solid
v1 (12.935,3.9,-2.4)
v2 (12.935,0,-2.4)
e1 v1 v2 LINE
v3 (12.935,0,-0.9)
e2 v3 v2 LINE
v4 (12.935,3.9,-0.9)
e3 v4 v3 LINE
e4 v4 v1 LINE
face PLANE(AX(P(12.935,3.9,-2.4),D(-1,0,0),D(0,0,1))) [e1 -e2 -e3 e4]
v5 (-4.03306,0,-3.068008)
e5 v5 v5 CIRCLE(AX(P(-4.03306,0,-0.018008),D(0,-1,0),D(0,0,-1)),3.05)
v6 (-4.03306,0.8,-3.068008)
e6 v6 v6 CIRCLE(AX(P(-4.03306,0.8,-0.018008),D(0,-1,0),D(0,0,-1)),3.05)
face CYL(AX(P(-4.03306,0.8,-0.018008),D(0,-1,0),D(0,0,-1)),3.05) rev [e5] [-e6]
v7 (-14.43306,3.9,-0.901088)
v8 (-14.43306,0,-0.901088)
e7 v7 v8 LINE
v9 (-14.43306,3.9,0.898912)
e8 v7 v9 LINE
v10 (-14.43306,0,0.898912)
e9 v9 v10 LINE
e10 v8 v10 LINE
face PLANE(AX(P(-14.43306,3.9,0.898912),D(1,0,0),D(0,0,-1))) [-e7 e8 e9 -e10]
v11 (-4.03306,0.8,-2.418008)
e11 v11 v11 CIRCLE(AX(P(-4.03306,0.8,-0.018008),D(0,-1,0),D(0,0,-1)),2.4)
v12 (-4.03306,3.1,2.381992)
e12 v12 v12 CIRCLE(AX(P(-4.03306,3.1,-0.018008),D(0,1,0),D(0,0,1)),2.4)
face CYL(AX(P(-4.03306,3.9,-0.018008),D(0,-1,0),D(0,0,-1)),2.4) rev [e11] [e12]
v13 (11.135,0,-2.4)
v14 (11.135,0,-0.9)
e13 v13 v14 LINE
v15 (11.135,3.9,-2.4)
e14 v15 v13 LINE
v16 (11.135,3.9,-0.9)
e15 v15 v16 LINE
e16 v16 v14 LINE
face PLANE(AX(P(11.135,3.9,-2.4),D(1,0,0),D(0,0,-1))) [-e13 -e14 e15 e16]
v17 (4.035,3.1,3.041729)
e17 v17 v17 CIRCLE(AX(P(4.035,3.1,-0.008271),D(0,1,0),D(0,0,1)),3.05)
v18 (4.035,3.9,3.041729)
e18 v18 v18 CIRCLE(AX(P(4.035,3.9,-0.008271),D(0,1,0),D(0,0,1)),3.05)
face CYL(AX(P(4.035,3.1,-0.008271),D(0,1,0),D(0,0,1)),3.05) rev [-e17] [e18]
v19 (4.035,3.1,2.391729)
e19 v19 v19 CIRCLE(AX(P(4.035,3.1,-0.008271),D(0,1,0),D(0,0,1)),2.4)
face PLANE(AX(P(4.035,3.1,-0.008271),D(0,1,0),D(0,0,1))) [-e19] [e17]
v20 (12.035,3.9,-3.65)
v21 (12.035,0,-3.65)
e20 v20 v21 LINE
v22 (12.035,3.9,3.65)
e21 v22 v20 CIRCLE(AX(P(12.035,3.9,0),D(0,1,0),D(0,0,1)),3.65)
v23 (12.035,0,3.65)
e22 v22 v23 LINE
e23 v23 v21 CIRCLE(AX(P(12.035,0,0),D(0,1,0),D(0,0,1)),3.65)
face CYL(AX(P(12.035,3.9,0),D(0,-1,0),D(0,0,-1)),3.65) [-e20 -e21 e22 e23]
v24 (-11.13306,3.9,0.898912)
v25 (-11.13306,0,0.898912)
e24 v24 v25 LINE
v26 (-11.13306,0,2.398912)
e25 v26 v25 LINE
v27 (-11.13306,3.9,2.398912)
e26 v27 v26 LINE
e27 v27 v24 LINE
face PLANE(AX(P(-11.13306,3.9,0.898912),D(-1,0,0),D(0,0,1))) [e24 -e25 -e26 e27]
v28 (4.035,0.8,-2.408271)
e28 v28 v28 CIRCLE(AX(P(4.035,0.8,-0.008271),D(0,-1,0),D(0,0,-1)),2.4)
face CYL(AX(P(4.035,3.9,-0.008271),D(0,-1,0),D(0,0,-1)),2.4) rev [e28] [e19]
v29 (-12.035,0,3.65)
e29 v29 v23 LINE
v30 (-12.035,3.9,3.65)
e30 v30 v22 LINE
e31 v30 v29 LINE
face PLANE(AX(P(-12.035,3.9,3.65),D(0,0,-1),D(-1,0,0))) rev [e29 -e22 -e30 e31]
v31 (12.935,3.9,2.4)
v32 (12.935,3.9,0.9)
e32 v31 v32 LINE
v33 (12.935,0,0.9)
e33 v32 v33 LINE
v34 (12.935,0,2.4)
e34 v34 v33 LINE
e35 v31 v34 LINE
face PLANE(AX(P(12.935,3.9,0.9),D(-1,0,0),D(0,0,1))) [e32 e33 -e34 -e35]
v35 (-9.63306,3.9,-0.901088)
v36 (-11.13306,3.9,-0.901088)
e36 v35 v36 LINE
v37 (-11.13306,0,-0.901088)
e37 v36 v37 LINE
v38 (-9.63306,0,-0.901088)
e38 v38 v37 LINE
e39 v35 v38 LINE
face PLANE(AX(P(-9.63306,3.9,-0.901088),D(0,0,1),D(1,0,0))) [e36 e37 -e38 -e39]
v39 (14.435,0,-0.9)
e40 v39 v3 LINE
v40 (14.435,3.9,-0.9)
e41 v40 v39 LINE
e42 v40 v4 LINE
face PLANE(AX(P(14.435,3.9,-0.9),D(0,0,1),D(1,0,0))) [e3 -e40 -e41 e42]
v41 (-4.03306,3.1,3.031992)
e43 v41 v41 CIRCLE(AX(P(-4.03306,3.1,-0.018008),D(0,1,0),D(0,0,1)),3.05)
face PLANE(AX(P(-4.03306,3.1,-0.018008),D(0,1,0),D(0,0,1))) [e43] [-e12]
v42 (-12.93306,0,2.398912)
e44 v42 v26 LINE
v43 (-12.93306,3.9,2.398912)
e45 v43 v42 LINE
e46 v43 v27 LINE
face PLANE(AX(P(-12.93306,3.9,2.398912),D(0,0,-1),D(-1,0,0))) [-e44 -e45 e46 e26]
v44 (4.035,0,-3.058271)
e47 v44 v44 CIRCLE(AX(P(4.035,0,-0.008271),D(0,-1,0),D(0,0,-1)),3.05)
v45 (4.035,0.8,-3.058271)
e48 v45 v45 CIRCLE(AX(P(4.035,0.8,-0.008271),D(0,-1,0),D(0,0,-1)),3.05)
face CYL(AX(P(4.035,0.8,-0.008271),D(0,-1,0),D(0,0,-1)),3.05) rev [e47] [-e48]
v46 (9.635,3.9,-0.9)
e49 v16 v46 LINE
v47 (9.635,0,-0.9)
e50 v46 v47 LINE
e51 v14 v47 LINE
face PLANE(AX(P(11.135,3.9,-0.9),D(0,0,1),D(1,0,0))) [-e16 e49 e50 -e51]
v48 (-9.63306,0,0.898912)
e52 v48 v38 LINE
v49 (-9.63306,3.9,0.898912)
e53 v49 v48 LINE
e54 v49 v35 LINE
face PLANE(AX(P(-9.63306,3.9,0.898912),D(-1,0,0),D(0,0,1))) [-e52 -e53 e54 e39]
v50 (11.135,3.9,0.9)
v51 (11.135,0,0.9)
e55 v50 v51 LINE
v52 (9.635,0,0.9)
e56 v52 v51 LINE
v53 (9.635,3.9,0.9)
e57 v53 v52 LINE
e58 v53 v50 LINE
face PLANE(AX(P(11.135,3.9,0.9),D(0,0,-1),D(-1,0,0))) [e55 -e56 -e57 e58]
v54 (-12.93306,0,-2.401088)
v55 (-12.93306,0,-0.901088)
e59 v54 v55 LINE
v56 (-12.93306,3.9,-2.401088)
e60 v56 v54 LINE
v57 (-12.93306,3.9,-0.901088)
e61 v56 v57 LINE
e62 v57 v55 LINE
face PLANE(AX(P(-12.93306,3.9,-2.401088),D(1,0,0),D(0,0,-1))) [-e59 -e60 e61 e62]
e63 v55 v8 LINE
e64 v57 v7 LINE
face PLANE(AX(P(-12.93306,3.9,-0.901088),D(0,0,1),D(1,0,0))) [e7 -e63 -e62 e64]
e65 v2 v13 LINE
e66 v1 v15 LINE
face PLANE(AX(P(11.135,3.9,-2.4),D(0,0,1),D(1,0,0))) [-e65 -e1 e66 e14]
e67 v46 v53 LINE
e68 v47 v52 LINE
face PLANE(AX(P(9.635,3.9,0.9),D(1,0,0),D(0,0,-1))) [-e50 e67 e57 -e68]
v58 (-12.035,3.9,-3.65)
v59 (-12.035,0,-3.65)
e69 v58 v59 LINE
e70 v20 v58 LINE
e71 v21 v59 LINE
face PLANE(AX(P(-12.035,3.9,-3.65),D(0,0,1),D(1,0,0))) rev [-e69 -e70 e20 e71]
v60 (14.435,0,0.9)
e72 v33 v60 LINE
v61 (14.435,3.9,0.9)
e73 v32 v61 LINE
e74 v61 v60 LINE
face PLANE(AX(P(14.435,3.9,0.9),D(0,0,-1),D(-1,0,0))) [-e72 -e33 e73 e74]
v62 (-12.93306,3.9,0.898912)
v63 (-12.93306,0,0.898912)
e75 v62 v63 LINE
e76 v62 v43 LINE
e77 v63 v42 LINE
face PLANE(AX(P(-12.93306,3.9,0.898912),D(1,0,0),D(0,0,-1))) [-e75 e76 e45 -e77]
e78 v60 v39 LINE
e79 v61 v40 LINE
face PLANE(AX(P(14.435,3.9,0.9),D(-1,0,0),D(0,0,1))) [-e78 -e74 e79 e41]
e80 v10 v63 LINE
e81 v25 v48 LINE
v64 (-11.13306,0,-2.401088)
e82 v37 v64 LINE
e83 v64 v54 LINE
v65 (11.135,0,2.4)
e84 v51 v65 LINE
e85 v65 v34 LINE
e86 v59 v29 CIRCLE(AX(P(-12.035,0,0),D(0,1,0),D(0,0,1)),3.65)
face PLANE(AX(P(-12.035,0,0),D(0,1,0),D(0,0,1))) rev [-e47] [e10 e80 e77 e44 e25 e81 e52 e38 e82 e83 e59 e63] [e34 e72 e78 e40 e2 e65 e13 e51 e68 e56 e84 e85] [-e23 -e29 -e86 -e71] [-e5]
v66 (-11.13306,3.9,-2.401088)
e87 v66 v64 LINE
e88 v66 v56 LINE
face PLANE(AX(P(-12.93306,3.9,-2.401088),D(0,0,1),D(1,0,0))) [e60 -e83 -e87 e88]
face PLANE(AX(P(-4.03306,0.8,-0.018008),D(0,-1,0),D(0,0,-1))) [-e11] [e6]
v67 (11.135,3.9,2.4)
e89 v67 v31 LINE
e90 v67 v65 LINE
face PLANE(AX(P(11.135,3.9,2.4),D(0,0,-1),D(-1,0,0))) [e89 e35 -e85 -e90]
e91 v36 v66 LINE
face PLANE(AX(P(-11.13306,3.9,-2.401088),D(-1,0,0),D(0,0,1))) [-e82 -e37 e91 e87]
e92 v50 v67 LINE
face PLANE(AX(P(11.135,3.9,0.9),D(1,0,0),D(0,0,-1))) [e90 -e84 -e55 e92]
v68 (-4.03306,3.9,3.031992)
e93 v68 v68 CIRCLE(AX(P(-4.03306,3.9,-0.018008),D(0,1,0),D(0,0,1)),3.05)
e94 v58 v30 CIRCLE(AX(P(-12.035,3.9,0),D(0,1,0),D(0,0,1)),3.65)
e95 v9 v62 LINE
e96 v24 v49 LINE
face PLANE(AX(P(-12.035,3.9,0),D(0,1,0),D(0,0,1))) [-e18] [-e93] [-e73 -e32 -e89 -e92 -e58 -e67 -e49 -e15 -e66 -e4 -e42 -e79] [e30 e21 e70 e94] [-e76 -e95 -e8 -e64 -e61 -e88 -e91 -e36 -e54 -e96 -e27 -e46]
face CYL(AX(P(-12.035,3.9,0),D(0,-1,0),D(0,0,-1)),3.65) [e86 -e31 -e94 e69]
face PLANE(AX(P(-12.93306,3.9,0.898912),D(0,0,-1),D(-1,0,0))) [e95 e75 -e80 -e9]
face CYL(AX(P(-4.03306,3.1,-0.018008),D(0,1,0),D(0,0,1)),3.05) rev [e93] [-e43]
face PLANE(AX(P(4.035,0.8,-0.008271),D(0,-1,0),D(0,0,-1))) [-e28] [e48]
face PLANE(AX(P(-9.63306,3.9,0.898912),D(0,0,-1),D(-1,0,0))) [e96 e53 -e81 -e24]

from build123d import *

# Parameters (mm, degrees)
SKETCH1_R           = 2.4
BOSS_EXTRUDE1_DEPTH = 3.9
SKETCH2_R           = 3.05
CUT_EXTRUDE1_DEPTH  = 0.8
SKETCH3_R           = 3.05
CUT_EXTRUDE2_DEPTH  = 0.8


with BuildPart() as part:
    # Sketch1 → Boss-Extrude1 (new body)
    with BuildSketch(Plane(origin=(0, 0, 0), x_dir=(1, 0, 0), z_dir=(0, 1, 0))):
        with BuildLine():
            Line((-12.035, 3.65), (12.035, 3.65))
            ThreePointArc((12.035, 3.65), (15.685, 0), (12.035, -3.65))
            Line((12.035, -3.65), (-12.035, -3.65))
            ThreePointArc((-12.035, -3.65), (-15.685, 0), (-12.035, 3.65))
        make_face()
        with Locations((-4.033060202, 0.018008222)):
            Circle(SKETCH1_R, mode=Mode.SUBTRACT)
        with Locations((4.035, 0.008270612)):
            Circle(SKETCH1_R, mode=Mode.SUBTRACT)
        Polygon((11.135, 2.4), (11.135, 0.9), (9.635, 0.9), (9.635, -0.9), (11.135, -0.9), (11.135, -2.4), (12.935, -2.4), (12.935, -0.9), (14.435, -0.9), (14.435, 0.9), (12.935, 0.9), (12.935, 2.4), align=None, mode=Mode.SUBTRACT)
        Polygon((-12.933060202, 2.401087844), (-12.933060202, 0.901087844), (-14.433060202, 0.901087844), (-14.433060202, -0.898912156), (-12.933060202, -0.898912156), (-12.933060202, -2.398912156), (-11.133060202, -2.398912156), (-11.133060202, -0.898912156), (-9.633060202, -0.898912156), (-9.633060202, 0.901087844), (-11.133060202, 0.901087844), (-11.133060202, 2.401087844), align=None, mode=Mode.SUBTRACT)
    extrude(amount=BOSS_EXTRUDE1_DEPTH)

    # Sketch2 → Cut-Extrude1 (cut)
    with BuildSketch(Plane(origin=(0, 3.9, 0), x_dir=(1, 0, 0), z_dir=(0, 1, 0))):
        with Locations((4.035, 0.008270612)):
            Circle(SKETCH2_R)
        with Locations((-4.033060202, 0.018008222)):
            Circle(SKETCH2_R)
    extrude(amount=-CUT_EXTRUDE1_DEPTH, mode=Mode.SUBTRACT)

    # Sketch3 → Cut-Extrude2 (cut)
    with BuildSketch(Plane(origin=(0, 0, 0), x_dir=(-1, 0, 0), z_dir=(0, -1, 0))):
        with Locations((4.033060202, 0.018008222)):
            Circle(SKETCH3_R)
        with Locations((-4.035, 0.008270612)):
            Circle(SKETCH3_R)
    extrude(amount=-CUT_EXTRUDE2_DEPTH, mode=Mode.SUBTRACT)


solid = part.part
